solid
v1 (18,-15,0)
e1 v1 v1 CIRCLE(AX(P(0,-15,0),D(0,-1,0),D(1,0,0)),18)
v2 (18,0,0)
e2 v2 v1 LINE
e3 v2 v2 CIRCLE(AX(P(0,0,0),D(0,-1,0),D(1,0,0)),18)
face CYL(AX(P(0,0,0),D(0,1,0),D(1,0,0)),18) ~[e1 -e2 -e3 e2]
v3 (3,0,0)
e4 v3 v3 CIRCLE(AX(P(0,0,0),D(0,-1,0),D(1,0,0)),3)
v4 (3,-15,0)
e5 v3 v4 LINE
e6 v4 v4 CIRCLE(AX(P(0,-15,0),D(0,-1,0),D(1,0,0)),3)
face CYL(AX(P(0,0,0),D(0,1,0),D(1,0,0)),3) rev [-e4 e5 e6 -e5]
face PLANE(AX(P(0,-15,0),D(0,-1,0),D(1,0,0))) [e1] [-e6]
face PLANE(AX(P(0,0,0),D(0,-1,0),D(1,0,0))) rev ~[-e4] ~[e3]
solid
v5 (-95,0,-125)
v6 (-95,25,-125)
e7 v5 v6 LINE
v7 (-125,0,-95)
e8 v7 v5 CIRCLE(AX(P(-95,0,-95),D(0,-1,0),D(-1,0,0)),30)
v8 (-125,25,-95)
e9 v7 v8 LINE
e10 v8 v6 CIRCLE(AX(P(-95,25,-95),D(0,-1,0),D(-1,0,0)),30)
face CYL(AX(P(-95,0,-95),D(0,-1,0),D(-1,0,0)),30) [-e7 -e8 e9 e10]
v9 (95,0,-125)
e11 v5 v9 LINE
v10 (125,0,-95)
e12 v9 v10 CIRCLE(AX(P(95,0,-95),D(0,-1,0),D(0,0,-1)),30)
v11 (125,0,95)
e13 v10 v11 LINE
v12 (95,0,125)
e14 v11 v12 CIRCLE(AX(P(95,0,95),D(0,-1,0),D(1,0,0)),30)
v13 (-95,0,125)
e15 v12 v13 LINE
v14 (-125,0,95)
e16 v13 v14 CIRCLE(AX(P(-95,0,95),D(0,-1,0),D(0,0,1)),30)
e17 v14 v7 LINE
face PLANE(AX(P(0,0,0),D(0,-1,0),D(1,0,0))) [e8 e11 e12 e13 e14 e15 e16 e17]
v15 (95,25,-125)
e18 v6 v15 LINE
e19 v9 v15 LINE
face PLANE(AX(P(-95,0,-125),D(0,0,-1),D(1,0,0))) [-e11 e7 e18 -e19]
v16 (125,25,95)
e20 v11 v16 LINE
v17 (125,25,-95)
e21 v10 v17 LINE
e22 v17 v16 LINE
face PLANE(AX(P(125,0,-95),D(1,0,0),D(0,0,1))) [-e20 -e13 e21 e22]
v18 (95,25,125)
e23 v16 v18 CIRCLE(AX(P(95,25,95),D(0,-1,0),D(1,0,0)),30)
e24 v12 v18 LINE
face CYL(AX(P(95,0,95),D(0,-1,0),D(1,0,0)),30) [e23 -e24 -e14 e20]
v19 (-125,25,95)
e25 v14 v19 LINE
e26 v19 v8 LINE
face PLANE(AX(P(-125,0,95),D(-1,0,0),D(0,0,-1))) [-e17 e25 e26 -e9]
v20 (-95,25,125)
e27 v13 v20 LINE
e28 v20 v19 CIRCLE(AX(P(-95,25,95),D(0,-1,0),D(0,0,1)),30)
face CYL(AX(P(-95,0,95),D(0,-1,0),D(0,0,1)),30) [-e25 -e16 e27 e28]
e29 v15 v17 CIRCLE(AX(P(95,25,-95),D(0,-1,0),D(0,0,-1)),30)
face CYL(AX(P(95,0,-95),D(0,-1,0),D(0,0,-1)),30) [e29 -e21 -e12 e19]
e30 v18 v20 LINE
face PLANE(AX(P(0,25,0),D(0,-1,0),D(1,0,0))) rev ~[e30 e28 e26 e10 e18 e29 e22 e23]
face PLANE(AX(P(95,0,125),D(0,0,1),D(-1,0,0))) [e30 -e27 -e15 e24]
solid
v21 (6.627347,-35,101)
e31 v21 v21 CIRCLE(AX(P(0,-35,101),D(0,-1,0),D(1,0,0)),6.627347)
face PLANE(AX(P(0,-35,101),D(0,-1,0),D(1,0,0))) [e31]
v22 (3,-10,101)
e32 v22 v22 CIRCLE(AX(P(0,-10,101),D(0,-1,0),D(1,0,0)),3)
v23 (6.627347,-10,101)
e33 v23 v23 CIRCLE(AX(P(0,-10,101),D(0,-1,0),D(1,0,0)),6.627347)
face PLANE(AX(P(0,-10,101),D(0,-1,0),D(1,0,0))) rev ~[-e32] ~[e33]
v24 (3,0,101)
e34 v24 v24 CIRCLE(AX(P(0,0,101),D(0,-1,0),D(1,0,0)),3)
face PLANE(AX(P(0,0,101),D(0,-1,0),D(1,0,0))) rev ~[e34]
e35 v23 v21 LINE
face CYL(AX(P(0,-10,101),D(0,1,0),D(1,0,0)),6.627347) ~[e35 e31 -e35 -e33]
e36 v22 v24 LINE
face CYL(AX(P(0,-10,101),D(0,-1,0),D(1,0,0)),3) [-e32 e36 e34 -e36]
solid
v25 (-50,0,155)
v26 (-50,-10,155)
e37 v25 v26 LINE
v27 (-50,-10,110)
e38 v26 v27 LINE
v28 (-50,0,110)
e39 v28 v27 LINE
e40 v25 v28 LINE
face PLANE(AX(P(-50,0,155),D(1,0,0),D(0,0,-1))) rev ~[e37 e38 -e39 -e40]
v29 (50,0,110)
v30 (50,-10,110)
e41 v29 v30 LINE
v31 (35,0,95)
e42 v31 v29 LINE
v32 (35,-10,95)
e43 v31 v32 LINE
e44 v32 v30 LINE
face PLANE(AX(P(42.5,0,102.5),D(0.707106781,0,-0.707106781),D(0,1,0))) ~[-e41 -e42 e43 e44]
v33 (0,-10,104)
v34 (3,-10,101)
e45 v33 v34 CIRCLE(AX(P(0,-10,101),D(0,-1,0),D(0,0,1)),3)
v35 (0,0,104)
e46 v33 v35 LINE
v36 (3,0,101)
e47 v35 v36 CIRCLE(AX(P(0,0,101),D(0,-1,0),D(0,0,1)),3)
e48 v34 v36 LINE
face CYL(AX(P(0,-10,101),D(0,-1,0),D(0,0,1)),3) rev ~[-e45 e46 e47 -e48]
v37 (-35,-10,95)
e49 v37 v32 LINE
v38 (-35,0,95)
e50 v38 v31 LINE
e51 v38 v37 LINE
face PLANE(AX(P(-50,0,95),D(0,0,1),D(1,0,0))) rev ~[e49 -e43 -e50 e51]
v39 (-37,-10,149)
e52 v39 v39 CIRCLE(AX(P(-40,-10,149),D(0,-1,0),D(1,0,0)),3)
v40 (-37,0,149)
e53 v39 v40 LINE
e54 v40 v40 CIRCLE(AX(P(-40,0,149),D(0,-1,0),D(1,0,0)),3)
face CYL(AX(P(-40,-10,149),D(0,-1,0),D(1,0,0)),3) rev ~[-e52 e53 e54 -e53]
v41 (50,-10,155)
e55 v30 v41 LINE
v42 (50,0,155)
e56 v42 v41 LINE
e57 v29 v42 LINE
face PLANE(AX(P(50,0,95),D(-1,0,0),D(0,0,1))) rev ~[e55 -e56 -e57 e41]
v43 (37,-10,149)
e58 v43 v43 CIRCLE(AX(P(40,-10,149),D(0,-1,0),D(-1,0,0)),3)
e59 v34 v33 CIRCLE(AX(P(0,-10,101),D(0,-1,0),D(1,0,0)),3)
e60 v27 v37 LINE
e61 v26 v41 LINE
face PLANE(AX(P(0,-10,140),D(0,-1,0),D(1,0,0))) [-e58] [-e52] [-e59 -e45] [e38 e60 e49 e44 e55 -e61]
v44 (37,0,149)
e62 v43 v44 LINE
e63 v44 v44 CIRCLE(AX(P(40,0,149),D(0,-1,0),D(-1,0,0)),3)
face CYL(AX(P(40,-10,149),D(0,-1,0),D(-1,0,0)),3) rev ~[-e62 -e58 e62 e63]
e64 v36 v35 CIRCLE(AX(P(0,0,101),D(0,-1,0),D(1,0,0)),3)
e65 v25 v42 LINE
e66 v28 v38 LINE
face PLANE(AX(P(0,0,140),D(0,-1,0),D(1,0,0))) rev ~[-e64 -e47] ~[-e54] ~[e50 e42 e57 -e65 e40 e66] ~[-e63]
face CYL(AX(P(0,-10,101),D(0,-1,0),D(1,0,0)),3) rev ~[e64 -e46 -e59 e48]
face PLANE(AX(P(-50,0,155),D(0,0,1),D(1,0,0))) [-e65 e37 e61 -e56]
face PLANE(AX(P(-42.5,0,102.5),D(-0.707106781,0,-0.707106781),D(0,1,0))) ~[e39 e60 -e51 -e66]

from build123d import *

# Parameters (mm, degrees)
F1_DEPTH   = 25
F2_R       = 18
F2_R_2     = 3
F3_DEPTH   = 15
F4_W       = 100
F4_H       = 30
F5_DEPTH   = 10
F6_R       = 3
F7_DEPTH   = 10
F8_SIZE    = 15
F9_R       = 3
F10_DEPTH  = 10
F9_R_2     = 6.6273474045
F10_FACE_R = 3
F11_DEPTH  = 25


with BuildPart() as f1:
    # F0 (on Front) → F1 (new body)
    with BuildSketch(Plane.XZ):
        with BuildLine():
            ThreePointArc((125, 95), (116.2132034356, 116.2132034356), (95, 125))
            Line((95, 125), (-95, 125))
            ThreePointArc((-95, 125), (-116.2132034356, 116.2132034356), (-125, 95))
            Line((-125, 95), (-125, -95))
            ThreePointArc((-125, -95), (-116.2132034356, -116.2132034356), (-95, -125))
            Line((-95, -125), (95, -125))
            ThreePointArc((95, -125), (116.2132034356, -116.2132034356), (125, -95))
            Line((125, -95), (125, 95))
        make_face()
    extrude(amount=-F1_DEPTH)


with BuildPart() as f3:
    # F2 (on face) → F3 (new body)
    with BuildSketch(Plane.XZ):
        Circle(F2_R)
        Circle(F2_R_2, mode=Mode.SUBTRACT)
    extrude(amount=F3_DEPTH)


with BuildPart() as f5:
    # F4 (on face) → F5 (new body)
    with BuildSketch(Plane.XZ):
        with Locations((0, 140)):
            Rectangle(F4_W, F4_H)
        with Locations((0, 110)):
            Rectangle(F4_W, F4_H)
    extrude(amount=F5_DEPTH)

    # F6 (on face) → F7 (cut, through all)
    with BuildSketch(Plane.XZ.offset(10)):
        with Locations((-40, 149)):
            Circle(F6_R)
        with BuildLine():
            ThreePointArc((3, 101), (2.1213203436, 103.1213203436), (0, 104))
            ThreePointArc((0, 104), (-2.1213203436, 98.8786796564), (3, 101))
        make_face()
        with BuildLine():
            ThreePointArc((43, 149), (40, 152), (37, 149))
            ThreePointArc((37, 149), (40, 146), (43, 149))
        make_face()
    extrude(amount=-F7_DEPTH, mode=Mode.SUBTRACT)

    # F8
    f8_edges = [f5.edges().sort_by_distance(p)[0] for p in [
        (50, -5, 95),
        (-50, -5, 95),
    ]]
    chamfer(f8_edges, length=F8_SIZE)


with BuildPart() as f10:
    # F9 (on face) → F10 (new body)
    with BuildSketch(Plane.XZ.offset(10)):
        with Locations((0, 101)):
            Circle(F9_R)
    extrude(amount=-F10_DEPTH)


with BuildPart() as f11:
    # F9 (on face) + F10_face (on face) → F11 (new body)
    with BuildSketch(Plane.XZ.offset(10)):
        with Locations((0, 101)):
            Circle(F9_R_2)
        with Locations((0, 101)):
            Circle(F9_R, mode=Mode.SUBTRACT)
    with BuildSketch(Plane(origin=(0, -10, 101), x_dir=(1, 0, 0), z_dir=(0, -1, 0))):
        Circle(F10_FACE_R)
    extrude(amount=F11_DEPTH)


with BuildPart() as f10_1:
    add(f10.part)

    # F12: union F11
    add(f11.part)


solid = Compound([f1.part, f3.part, f5.part, f10_1.part])
